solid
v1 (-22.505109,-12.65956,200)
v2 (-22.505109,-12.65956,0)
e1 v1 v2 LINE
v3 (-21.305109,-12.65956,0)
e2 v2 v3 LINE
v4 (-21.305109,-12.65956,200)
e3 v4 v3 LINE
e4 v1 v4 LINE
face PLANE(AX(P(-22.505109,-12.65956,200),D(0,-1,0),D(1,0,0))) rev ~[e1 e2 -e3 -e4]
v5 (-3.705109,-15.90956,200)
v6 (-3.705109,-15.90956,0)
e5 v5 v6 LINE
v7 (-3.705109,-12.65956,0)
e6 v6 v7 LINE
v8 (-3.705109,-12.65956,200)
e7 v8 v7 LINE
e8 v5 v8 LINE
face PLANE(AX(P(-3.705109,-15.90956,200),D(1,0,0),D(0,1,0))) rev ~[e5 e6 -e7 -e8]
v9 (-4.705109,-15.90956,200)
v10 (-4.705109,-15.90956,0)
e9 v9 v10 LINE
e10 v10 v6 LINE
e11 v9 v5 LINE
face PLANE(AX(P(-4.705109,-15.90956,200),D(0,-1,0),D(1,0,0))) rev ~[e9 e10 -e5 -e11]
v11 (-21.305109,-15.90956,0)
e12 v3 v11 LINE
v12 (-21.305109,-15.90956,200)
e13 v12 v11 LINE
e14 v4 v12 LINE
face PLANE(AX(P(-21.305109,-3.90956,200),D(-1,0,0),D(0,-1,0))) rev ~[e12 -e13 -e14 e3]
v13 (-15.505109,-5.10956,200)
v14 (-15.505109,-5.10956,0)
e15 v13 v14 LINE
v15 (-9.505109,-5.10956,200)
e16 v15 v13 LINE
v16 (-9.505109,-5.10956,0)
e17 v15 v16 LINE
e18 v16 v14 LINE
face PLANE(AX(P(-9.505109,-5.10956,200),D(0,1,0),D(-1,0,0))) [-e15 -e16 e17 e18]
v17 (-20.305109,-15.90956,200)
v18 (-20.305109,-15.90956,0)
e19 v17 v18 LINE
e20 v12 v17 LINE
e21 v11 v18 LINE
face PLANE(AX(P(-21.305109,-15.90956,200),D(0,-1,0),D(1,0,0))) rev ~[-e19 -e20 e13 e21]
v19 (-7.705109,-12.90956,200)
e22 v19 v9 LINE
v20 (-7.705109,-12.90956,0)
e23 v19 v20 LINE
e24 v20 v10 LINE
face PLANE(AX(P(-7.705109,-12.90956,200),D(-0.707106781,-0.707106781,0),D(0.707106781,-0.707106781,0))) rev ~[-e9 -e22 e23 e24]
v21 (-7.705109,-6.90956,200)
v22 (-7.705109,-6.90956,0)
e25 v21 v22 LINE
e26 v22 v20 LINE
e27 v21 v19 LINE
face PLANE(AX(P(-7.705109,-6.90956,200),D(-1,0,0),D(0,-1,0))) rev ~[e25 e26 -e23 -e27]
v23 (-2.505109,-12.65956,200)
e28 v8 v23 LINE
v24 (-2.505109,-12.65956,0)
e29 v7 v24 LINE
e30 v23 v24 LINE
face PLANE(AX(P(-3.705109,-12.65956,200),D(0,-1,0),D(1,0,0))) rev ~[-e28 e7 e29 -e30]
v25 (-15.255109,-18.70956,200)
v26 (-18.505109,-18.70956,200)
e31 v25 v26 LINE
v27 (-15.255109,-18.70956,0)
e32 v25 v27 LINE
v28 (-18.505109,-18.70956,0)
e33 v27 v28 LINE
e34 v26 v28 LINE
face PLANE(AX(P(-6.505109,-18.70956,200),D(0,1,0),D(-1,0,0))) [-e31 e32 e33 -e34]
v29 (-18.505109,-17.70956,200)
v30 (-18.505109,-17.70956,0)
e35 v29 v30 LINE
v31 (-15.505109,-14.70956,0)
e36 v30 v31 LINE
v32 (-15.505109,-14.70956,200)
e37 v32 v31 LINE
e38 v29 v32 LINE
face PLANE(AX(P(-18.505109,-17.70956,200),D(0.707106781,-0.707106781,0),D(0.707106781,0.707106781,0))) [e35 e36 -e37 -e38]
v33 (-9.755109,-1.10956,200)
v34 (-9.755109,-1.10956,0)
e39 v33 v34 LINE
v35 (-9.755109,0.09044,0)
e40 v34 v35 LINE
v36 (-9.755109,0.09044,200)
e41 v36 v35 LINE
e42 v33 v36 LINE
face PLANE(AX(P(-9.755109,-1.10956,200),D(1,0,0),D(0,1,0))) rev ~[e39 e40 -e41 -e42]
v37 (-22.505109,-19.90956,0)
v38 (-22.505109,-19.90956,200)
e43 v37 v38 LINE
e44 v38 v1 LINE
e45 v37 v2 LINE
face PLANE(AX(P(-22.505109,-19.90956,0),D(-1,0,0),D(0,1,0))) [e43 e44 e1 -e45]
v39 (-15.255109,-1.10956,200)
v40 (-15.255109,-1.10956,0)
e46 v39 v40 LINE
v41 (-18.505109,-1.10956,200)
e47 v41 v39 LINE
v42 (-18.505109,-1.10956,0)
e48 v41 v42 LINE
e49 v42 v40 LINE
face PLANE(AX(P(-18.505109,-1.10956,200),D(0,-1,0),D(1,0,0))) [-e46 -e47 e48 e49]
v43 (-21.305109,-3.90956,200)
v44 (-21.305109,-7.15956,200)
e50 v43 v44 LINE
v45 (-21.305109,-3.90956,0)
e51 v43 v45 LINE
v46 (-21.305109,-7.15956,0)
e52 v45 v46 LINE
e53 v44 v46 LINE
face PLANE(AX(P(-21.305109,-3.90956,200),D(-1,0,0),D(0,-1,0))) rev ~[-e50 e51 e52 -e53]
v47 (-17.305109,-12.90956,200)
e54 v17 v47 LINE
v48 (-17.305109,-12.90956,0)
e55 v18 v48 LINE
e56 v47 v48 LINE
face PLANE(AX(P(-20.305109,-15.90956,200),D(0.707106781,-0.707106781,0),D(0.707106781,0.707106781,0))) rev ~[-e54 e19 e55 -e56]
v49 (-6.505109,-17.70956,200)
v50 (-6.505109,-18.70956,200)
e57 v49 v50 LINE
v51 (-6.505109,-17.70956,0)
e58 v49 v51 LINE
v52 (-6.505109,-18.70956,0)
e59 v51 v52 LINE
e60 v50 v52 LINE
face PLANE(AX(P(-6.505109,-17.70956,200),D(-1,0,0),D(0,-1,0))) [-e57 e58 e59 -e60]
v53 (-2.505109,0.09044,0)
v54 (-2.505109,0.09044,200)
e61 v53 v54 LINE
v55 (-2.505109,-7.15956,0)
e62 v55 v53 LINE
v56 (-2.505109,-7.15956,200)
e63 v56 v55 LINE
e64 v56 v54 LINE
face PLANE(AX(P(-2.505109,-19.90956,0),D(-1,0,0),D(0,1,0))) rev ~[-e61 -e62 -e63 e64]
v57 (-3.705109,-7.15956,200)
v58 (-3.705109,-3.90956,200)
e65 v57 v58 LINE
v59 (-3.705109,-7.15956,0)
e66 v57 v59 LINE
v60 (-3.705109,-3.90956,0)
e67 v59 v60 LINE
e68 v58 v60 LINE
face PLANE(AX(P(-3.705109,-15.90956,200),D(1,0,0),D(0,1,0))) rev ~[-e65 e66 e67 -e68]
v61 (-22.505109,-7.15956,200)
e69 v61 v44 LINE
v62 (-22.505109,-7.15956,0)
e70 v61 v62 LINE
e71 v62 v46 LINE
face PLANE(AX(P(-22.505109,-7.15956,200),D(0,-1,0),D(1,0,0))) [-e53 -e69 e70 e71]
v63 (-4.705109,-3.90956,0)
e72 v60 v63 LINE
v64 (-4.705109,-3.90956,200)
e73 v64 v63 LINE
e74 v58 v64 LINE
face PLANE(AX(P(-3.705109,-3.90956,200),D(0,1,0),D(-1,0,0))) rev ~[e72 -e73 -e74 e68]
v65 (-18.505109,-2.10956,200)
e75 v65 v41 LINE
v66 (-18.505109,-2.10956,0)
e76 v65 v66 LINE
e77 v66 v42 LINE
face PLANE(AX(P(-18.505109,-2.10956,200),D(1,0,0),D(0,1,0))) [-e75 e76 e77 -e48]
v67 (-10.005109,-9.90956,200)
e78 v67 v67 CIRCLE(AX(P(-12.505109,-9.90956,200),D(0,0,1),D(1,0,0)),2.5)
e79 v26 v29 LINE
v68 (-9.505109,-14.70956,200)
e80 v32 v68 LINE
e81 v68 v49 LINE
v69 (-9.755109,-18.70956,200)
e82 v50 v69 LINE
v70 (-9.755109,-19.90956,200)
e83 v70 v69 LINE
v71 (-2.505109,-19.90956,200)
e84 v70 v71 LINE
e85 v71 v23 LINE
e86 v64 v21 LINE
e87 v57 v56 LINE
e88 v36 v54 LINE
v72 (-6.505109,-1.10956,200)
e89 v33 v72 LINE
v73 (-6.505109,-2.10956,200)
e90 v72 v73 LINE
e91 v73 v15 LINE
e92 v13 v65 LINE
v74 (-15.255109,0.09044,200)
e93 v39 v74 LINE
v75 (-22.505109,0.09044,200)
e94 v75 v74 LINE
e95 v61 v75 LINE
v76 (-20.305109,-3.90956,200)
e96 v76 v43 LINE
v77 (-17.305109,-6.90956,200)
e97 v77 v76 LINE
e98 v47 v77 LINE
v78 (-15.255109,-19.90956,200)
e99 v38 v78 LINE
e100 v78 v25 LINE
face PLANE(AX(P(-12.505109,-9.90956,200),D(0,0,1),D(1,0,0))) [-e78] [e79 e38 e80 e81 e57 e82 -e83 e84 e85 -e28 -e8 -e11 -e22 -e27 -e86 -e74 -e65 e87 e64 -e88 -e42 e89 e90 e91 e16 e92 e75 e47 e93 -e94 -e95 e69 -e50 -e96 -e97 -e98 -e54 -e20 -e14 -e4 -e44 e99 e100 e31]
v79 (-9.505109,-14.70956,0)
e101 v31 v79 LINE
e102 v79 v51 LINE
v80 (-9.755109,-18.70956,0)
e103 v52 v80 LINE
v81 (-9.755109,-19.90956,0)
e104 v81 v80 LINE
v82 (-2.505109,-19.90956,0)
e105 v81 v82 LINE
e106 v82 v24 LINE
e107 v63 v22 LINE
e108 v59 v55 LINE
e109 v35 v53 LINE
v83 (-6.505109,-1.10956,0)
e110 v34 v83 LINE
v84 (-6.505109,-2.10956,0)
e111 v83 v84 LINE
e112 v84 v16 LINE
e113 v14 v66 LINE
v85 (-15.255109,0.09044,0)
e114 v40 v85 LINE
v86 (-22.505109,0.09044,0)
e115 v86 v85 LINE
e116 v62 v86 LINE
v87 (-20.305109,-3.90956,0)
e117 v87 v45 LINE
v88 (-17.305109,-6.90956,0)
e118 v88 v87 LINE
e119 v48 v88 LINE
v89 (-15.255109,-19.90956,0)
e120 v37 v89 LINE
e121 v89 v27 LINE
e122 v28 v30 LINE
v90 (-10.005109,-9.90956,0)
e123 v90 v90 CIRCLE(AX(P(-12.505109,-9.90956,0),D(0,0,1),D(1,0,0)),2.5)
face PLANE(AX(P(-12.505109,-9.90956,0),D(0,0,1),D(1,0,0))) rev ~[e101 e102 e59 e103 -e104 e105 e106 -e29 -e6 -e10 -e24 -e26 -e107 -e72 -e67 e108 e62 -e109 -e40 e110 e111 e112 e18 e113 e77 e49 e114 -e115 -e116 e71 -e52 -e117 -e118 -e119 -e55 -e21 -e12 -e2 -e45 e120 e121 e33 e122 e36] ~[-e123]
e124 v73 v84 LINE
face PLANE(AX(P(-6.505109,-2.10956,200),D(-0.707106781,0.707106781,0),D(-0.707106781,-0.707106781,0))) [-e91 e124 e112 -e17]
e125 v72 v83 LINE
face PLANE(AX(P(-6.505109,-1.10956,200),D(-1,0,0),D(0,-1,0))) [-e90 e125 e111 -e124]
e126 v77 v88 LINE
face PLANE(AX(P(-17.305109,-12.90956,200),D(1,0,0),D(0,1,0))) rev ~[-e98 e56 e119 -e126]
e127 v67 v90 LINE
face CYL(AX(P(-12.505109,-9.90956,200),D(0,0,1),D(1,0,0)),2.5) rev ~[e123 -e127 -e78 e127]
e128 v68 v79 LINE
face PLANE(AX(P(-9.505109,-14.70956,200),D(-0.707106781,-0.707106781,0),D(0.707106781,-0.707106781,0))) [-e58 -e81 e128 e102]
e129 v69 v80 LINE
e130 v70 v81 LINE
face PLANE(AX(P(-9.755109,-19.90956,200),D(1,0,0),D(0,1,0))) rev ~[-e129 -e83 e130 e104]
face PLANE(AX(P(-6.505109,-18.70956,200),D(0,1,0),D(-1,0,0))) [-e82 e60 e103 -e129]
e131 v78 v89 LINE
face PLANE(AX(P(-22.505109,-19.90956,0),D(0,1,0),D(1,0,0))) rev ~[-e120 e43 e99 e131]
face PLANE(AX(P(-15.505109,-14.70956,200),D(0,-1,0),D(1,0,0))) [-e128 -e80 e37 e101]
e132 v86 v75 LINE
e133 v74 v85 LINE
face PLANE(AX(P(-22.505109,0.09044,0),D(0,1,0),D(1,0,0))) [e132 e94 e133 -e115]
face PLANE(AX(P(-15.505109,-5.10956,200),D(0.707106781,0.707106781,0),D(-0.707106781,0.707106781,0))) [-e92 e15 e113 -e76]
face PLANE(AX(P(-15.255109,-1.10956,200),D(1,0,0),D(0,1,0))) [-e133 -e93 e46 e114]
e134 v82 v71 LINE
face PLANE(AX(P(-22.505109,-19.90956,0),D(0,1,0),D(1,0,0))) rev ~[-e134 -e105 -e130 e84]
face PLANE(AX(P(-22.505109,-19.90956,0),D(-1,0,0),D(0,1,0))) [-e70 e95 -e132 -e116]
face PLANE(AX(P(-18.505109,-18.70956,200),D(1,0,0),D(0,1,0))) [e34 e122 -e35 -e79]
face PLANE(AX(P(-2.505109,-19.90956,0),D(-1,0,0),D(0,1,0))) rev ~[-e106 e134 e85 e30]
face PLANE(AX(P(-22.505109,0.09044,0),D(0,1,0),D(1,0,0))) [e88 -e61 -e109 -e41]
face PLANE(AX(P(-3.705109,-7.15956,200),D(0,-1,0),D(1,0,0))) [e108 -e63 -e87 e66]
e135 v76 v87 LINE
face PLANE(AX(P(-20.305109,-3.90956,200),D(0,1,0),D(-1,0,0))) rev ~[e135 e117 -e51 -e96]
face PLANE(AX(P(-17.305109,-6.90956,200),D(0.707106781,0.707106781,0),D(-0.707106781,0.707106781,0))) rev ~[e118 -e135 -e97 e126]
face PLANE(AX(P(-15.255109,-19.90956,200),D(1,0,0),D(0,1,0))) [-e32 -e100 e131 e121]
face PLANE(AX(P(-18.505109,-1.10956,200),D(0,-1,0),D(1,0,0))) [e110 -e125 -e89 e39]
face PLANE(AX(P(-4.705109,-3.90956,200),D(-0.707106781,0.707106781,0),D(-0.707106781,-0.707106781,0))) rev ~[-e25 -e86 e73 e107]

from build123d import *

# Parameters (mm, degrees)
ESQUISSE1_W             = 20
ESQUISSE1_H             = 20
BOSS_EXTRU_1_DEPTH      = 200
ESQUISSE2_W             = 1.2
ESQUISSE2_H             = 5.5
ESQUISSE2_W_2           = 5.5
ESQUISSE2_H_2           = 1.2
ENL_V_MAT_EXTRU_1_DEPTH = 201
ENL_V_MAT_EXTRU_2_DEPTH = 201
ESQUISSE4_R             = 2.5
ENL_V_MAT_EXTRU_3_DEPTH = 201


with BuildPart() as part:
    # Esquisse1 → Boss.-Extru.1 (new body)
    with BuildSketch(Plane.XY):
        with Locations((-12.505109137, -9.909560068)):
            Rectangle(ESQUISSE1_W, ESQUISSE1_H)
    extrude(amount=BOSS_EXTRU_1_DEPTH)

    # Esquisse2 → Enlèv. mat.-Extru.1 (cut, through all)
    with BuildSketch(Plane.XY.offset(200)):
        with Locations((-21.905109137, -9.909560068)):
            Rectangle(ESQUISSE2_W, ESQUISSE2_H)
        with Locations((-12.505109137, -0.509560068)):
            Rectangle(ESQUISSE2_W_2, ESQUISSE2_H_2)
        with Locations((-3.105109137, -9.909560068)):
            Rectangle(ESQUISSE2_W, ESQUISSE2_H)
        with Locations((-12.505109137, -19.309560068)):
            Rectangle(ESQUISSE2_W_2, ESQUISSE2_H_2)
    extrude(amount=-ENL_V_MAT_EXTRU_1_DEPTH, mode=Mode.SUBTRACT)

    # Esquisse3 → Enlèv. mat.-Extru.2 (cut, through all)
    with BuildSketch(Plane.XY.offset(200)):
        Polygon((-21.305109137, -15.909560068), (-20.305109137, -15.909560068), (-17.305109137, -12.909560068), (-17.305109137, -6.909560068), (-20.305109137, -3.909560068), (-21.305109137, -3.909560068), align=None)
        Polygon((-18.505109137, -1.109560068), (-6.505109137, -1.109560068), (-6.505109137, -2.109560068), (-9.505109137, -5.109560068), (-15.505109137, -5.109560068), (-18.505109137, -2.109560068), align=None)
        Polygon((-3.705109137, -3.909560068), (-4.705109137, -3.909560068), (-7.705109137, -6.909560068), (-7.705109137, -12.909560068), (-4.705109137, -15.909560068), (-3.705109137, -15.909560068), align=None)
        Polygon((-6.505109137, -18.709560068), (-18.505109137, -18.709560068), (-18.505109137, -17.709560068), (-15.505109137, -14.709560068), (-9.505109137, -14.709560068), (-6.505109137, -17.709560068), align=None)
    extrude(amount=-ENL_V_MAT_EXTRU_2_DEPTH, mode=Mode.SUBTRACT)

    # Esquisse4 → Enlèv. mat.-Extru.3 (cut, through all)
    with BuildSketch(Plane.XY.offset(200)):
        with Locations((-12.505109137, -9.909560068)):
            Circle(ESQUISSE4_R)
    extrude(amount=-ENL_V_MAT_EXTRU_3_DEPTH, mode=Mode.SUBTRACT)


solid = part.part
